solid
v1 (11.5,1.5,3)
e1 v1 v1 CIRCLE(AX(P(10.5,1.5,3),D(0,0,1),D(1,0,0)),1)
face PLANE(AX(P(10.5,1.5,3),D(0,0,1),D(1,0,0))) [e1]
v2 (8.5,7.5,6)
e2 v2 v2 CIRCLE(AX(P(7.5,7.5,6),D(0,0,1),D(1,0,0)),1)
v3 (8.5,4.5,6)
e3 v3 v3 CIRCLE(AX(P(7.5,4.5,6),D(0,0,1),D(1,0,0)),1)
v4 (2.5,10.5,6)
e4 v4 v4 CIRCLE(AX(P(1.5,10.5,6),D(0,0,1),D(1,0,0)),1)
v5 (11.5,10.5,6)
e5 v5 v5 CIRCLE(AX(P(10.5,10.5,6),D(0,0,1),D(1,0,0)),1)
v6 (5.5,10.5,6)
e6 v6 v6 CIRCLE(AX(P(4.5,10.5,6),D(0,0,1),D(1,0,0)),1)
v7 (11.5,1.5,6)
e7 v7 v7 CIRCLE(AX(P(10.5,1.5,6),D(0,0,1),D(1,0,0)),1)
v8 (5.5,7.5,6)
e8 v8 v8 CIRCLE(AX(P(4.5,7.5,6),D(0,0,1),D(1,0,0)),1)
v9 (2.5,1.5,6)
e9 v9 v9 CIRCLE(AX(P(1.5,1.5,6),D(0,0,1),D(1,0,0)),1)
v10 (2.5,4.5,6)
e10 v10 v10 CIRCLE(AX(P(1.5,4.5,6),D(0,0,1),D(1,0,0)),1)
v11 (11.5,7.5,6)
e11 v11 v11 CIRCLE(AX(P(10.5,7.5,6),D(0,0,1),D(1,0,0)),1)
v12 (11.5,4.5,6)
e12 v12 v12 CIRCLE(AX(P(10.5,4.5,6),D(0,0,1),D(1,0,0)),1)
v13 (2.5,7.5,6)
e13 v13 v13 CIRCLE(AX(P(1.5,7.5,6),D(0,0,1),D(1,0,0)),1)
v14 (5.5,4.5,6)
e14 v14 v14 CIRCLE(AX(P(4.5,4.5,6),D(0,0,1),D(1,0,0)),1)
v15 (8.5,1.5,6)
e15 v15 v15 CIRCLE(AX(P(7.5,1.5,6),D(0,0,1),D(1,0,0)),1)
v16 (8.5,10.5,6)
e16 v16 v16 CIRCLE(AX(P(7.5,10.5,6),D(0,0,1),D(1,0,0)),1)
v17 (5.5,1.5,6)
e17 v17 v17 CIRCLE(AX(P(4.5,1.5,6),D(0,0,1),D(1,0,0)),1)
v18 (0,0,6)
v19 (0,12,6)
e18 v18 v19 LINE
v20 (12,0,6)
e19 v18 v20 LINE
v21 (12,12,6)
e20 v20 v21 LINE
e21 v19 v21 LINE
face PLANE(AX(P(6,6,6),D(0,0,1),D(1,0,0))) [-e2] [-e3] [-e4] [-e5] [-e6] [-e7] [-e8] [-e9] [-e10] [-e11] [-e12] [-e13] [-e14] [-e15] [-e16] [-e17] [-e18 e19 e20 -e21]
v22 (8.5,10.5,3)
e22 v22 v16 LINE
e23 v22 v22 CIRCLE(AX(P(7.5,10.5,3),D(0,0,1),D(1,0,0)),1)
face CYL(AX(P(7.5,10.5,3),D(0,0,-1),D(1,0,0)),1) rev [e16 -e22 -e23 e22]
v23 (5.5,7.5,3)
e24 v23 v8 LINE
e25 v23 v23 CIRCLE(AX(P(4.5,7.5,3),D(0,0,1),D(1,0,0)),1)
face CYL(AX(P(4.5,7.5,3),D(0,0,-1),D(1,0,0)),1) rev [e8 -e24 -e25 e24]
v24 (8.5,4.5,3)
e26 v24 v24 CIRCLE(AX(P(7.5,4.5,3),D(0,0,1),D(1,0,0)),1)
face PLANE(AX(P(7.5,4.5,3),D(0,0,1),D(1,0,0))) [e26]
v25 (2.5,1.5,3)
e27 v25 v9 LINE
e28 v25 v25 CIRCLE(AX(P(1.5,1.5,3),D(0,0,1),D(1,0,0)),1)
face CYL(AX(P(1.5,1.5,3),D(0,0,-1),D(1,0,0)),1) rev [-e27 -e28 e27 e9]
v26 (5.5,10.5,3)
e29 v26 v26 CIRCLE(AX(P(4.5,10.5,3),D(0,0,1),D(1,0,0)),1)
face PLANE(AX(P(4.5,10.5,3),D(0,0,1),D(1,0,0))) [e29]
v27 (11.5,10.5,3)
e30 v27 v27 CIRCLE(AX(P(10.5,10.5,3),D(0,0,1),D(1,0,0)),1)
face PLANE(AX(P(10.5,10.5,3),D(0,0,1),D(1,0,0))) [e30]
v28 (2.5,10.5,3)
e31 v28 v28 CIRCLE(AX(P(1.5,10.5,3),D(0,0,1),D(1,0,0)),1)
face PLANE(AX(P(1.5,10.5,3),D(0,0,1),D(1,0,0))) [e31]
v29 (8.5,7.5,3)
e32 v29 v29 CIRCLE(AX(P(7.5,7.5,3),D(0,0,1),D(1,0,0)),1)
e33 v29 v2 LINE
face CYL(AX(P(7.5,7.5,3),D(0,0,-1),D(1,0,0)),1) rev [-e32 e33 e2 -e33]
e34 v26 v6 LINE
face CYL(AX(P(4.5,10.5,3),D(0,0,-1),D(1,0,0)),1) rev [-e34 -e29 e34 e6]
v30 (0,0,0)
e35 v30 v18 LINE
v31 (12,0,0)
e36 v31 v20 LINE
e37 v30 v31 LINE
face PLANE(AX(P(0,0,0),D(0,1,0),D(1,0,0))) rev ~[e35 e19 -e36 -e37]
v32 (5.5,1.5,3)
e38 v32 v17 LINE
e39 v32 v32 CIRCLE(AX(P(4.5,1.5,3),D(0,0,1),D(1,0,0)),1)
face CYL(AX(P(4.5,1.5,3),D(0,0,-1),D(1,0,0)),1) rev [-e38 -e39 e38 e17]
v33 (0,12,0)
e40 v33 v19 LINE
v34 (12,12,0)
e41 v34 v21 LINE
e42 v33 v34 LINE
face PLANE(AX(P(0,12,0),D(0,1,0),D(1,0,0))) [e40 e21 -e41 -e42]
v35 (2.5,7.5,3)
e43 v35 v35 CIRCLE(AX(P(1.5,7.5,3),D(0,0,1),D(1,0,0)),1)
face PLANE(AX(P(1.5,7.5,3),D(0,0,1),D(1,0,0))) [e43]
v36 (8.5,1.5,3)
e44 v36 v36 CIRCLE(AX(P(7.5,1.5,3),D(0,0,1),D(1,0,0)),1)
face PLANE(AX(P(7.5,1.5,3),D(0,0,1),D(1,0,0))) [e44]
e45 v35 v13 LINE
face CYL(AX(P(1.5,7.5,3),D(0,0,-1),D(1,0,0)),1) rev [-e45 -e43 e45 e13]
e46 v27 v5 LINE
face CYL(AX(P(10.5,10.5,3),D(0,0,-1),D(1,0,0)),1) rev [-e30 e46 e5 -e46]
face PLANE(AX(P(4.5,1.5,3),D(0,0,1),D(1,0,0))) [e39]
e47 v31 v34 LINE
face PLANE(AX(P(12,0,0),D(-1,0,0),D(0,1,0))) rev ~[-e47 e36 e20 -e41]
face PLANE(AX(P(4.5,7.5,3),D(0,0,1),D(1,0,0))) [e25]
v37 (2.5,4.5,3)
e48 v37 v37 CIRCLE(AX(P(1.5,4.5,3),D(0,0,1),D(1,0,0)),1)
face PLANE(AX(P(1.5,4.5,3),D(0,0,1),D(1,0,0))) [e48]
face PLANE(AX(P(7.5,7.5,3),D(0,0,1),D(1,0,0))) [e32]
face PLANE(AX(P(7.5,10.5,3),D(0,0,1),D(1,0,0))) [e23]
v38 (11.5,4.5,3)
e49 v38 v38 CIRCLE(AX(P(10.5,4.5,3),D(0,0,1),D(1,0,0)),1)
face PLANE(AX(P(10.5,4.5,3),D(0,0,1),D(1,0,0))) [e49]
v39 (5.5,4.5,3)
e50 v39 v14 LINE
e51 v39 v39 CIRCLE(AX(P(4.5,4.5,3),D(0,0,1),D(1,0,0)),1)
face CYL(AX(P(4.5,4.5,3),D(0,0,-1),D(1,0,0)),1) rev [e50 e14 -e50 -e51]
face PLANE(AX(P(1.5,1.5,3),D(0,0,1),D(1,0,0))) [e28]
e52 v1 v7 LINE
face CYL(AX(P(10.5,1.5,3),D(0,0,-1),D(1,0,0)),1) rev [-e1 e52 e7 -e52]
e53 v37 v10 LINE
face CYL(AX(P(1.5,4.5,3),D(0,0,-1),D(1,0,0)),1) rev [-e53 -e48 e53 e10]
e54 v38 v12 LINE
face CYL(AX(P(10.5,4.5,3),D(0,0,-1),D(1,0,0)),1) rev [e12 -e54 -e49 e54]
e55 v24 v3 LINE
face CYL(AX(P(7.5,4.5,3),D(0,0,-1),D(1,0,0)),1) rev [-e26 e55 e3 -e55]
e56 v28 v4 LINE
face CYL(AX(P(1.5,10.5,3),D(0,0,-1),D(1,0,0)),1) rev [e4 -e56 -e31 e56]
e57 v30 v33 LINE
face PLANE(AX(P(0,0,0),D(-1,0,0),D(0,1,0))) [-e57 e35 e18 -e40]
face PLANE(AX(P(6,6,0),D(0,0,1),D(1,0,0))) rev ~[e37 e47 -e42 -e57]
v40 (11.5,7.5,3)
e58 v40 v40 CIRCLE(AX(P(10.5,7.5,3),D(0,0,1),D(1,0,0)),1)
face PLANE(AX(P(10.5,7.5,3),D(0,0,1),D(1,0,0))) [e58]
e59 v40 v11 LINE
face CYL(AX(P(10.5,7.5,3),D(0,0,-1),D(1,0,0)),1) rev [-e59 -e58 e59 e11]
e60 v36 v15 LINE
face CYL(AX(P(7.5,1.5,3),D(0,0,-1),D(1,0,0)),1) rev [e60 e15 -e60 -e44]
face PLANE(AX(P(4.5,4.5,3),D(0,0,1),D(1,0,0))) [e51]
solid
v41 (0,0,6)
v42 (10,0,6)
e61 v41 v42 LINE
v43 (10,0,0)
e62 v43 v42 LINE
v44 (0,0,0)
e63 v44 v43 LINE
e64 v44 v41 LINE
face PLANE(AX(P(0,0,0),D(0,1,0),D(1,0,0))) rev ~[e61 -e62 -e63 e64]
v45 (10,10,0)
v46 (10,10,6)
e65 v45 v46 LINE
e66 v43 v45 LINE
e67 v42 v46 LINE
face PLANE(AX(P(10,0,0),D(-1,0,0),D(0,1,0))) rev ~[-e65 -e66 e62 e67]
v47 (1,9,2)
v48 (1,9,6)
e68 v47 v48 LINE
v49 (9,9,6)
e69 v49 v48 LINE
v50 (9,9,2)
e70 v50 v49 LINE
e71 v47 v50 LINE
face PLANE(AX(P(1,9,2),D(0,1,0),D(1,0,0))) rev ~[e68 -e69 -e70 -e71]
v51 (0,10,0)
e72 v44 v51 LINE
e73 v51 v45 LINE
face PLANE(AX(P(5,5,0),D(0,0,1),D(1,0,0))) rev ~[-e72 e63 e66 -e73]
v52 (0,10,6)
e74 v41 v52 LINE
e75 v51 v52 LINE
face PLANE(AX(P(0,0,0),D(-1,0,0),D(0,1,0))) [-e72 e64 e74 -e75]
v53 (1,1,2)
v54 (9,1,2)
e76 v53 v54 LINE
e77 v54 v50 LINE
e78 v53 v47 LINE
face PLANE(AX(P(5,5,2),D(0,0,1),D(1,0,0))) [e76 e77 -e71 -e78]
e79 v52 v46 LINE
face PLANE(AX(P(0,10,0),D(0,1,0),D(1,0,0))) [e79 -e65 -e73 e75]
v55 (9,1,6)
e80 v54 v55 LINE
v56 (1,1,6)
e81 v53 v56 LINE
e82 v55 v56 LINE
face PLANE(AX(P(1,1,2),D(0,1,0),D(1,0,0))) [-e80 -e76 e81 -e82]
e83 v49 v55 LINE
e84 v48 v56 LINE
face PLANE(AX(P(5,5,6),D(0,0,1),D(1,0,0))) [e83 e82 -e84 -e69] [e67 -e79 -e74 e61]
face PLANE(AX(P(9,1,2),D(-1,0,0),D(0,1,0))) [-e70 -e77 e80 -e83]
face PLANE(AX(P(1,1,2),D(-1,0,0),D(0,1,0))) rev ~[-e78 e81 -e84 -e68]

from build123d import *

# Parameters (mm, degrees)
CYLINDER_R     = 1
CYLINDER_DEPTH = 3
ARRAY_X_COUNT  = 4
ARRAY_X_PITCH  = 3
ARRAY_Y_COUNT  = 4
ARRAY_Y_PITCH  = 3
BOX_W          = 12
BOX_H          = 12
BOX_DEPTH      = 6
BOX002_W       = 8
BOX002_H       = 8
BOX002_DEPTH   = 6
BOX001_W       = 10
BOX001_H       = 10
BOX001_DEPTH   = 6


with BuildPart() as array:
    # Cylinder → Cylinder (new body)
    with BuildSketch(Plane.XY.offset(3)):
        Circle(CYLINDER_R)
    extrude(amount=CYLINDER_DEPTH)

    # Array X: Array ×4


with BuildPart() as array_1:
    add(array.part)
    with Locations(*[(i * ARRAY_X_PITCH, 0, 0) for i in range(1, ARRAY_X_COUNT)]):
        add(array.part)

    # Array Y: Array ×4


with BuildPart() as array_2:
    add(array_1.part)
    with Locations(*[(0, i * ARRAY_Y_PITCH, 0) for i in range(1, ARRAY_Y_COUNT)]):
        add(array_1.part)


with BuildPart() as array_3:
    # Array placement: moved
    add(array_2.part.moved(Location((1.5, 1.5, 0))))


with BuildPart() as cut:
    # Box → Box (new body)
    with BuildSketch(Plane.XY):
        with Locations((6, 6)):
            Rectangle(BOX_W, BOX_H)
    extrude(amount=BOX_DEPTH)

    # Cut: cut Array
    add(array_3.part, mode=Mode.SUBTRACT)


with BuildPart() as cube002:
    # Box002 → Box002 (new body)
    with BuildSketch(Plane(origin=(1, 1, 2), x_dir=(1, 0, 0), z_dir=(0, 0, 1))):
        with Locations((4, 4)):
            Rectangle(BOX002_W, BOX002_H)
    extrude(amount=BOX002_DEPTH)


with BuildPart() as cut001:
    # Box001 → Box001 (new body)
    with BuildSketch(Plane.XY):
        with Locations((5, 5)):
            Rectangle(BOX001_W, BOX001_H)
    extrude(amount=BOX001_DEPTH)

    # Cut001: cut Cube002
    add(cube002.part, mode=Mode.SUBTRACT)


solid = Compound([cut.part, cut001.part])
